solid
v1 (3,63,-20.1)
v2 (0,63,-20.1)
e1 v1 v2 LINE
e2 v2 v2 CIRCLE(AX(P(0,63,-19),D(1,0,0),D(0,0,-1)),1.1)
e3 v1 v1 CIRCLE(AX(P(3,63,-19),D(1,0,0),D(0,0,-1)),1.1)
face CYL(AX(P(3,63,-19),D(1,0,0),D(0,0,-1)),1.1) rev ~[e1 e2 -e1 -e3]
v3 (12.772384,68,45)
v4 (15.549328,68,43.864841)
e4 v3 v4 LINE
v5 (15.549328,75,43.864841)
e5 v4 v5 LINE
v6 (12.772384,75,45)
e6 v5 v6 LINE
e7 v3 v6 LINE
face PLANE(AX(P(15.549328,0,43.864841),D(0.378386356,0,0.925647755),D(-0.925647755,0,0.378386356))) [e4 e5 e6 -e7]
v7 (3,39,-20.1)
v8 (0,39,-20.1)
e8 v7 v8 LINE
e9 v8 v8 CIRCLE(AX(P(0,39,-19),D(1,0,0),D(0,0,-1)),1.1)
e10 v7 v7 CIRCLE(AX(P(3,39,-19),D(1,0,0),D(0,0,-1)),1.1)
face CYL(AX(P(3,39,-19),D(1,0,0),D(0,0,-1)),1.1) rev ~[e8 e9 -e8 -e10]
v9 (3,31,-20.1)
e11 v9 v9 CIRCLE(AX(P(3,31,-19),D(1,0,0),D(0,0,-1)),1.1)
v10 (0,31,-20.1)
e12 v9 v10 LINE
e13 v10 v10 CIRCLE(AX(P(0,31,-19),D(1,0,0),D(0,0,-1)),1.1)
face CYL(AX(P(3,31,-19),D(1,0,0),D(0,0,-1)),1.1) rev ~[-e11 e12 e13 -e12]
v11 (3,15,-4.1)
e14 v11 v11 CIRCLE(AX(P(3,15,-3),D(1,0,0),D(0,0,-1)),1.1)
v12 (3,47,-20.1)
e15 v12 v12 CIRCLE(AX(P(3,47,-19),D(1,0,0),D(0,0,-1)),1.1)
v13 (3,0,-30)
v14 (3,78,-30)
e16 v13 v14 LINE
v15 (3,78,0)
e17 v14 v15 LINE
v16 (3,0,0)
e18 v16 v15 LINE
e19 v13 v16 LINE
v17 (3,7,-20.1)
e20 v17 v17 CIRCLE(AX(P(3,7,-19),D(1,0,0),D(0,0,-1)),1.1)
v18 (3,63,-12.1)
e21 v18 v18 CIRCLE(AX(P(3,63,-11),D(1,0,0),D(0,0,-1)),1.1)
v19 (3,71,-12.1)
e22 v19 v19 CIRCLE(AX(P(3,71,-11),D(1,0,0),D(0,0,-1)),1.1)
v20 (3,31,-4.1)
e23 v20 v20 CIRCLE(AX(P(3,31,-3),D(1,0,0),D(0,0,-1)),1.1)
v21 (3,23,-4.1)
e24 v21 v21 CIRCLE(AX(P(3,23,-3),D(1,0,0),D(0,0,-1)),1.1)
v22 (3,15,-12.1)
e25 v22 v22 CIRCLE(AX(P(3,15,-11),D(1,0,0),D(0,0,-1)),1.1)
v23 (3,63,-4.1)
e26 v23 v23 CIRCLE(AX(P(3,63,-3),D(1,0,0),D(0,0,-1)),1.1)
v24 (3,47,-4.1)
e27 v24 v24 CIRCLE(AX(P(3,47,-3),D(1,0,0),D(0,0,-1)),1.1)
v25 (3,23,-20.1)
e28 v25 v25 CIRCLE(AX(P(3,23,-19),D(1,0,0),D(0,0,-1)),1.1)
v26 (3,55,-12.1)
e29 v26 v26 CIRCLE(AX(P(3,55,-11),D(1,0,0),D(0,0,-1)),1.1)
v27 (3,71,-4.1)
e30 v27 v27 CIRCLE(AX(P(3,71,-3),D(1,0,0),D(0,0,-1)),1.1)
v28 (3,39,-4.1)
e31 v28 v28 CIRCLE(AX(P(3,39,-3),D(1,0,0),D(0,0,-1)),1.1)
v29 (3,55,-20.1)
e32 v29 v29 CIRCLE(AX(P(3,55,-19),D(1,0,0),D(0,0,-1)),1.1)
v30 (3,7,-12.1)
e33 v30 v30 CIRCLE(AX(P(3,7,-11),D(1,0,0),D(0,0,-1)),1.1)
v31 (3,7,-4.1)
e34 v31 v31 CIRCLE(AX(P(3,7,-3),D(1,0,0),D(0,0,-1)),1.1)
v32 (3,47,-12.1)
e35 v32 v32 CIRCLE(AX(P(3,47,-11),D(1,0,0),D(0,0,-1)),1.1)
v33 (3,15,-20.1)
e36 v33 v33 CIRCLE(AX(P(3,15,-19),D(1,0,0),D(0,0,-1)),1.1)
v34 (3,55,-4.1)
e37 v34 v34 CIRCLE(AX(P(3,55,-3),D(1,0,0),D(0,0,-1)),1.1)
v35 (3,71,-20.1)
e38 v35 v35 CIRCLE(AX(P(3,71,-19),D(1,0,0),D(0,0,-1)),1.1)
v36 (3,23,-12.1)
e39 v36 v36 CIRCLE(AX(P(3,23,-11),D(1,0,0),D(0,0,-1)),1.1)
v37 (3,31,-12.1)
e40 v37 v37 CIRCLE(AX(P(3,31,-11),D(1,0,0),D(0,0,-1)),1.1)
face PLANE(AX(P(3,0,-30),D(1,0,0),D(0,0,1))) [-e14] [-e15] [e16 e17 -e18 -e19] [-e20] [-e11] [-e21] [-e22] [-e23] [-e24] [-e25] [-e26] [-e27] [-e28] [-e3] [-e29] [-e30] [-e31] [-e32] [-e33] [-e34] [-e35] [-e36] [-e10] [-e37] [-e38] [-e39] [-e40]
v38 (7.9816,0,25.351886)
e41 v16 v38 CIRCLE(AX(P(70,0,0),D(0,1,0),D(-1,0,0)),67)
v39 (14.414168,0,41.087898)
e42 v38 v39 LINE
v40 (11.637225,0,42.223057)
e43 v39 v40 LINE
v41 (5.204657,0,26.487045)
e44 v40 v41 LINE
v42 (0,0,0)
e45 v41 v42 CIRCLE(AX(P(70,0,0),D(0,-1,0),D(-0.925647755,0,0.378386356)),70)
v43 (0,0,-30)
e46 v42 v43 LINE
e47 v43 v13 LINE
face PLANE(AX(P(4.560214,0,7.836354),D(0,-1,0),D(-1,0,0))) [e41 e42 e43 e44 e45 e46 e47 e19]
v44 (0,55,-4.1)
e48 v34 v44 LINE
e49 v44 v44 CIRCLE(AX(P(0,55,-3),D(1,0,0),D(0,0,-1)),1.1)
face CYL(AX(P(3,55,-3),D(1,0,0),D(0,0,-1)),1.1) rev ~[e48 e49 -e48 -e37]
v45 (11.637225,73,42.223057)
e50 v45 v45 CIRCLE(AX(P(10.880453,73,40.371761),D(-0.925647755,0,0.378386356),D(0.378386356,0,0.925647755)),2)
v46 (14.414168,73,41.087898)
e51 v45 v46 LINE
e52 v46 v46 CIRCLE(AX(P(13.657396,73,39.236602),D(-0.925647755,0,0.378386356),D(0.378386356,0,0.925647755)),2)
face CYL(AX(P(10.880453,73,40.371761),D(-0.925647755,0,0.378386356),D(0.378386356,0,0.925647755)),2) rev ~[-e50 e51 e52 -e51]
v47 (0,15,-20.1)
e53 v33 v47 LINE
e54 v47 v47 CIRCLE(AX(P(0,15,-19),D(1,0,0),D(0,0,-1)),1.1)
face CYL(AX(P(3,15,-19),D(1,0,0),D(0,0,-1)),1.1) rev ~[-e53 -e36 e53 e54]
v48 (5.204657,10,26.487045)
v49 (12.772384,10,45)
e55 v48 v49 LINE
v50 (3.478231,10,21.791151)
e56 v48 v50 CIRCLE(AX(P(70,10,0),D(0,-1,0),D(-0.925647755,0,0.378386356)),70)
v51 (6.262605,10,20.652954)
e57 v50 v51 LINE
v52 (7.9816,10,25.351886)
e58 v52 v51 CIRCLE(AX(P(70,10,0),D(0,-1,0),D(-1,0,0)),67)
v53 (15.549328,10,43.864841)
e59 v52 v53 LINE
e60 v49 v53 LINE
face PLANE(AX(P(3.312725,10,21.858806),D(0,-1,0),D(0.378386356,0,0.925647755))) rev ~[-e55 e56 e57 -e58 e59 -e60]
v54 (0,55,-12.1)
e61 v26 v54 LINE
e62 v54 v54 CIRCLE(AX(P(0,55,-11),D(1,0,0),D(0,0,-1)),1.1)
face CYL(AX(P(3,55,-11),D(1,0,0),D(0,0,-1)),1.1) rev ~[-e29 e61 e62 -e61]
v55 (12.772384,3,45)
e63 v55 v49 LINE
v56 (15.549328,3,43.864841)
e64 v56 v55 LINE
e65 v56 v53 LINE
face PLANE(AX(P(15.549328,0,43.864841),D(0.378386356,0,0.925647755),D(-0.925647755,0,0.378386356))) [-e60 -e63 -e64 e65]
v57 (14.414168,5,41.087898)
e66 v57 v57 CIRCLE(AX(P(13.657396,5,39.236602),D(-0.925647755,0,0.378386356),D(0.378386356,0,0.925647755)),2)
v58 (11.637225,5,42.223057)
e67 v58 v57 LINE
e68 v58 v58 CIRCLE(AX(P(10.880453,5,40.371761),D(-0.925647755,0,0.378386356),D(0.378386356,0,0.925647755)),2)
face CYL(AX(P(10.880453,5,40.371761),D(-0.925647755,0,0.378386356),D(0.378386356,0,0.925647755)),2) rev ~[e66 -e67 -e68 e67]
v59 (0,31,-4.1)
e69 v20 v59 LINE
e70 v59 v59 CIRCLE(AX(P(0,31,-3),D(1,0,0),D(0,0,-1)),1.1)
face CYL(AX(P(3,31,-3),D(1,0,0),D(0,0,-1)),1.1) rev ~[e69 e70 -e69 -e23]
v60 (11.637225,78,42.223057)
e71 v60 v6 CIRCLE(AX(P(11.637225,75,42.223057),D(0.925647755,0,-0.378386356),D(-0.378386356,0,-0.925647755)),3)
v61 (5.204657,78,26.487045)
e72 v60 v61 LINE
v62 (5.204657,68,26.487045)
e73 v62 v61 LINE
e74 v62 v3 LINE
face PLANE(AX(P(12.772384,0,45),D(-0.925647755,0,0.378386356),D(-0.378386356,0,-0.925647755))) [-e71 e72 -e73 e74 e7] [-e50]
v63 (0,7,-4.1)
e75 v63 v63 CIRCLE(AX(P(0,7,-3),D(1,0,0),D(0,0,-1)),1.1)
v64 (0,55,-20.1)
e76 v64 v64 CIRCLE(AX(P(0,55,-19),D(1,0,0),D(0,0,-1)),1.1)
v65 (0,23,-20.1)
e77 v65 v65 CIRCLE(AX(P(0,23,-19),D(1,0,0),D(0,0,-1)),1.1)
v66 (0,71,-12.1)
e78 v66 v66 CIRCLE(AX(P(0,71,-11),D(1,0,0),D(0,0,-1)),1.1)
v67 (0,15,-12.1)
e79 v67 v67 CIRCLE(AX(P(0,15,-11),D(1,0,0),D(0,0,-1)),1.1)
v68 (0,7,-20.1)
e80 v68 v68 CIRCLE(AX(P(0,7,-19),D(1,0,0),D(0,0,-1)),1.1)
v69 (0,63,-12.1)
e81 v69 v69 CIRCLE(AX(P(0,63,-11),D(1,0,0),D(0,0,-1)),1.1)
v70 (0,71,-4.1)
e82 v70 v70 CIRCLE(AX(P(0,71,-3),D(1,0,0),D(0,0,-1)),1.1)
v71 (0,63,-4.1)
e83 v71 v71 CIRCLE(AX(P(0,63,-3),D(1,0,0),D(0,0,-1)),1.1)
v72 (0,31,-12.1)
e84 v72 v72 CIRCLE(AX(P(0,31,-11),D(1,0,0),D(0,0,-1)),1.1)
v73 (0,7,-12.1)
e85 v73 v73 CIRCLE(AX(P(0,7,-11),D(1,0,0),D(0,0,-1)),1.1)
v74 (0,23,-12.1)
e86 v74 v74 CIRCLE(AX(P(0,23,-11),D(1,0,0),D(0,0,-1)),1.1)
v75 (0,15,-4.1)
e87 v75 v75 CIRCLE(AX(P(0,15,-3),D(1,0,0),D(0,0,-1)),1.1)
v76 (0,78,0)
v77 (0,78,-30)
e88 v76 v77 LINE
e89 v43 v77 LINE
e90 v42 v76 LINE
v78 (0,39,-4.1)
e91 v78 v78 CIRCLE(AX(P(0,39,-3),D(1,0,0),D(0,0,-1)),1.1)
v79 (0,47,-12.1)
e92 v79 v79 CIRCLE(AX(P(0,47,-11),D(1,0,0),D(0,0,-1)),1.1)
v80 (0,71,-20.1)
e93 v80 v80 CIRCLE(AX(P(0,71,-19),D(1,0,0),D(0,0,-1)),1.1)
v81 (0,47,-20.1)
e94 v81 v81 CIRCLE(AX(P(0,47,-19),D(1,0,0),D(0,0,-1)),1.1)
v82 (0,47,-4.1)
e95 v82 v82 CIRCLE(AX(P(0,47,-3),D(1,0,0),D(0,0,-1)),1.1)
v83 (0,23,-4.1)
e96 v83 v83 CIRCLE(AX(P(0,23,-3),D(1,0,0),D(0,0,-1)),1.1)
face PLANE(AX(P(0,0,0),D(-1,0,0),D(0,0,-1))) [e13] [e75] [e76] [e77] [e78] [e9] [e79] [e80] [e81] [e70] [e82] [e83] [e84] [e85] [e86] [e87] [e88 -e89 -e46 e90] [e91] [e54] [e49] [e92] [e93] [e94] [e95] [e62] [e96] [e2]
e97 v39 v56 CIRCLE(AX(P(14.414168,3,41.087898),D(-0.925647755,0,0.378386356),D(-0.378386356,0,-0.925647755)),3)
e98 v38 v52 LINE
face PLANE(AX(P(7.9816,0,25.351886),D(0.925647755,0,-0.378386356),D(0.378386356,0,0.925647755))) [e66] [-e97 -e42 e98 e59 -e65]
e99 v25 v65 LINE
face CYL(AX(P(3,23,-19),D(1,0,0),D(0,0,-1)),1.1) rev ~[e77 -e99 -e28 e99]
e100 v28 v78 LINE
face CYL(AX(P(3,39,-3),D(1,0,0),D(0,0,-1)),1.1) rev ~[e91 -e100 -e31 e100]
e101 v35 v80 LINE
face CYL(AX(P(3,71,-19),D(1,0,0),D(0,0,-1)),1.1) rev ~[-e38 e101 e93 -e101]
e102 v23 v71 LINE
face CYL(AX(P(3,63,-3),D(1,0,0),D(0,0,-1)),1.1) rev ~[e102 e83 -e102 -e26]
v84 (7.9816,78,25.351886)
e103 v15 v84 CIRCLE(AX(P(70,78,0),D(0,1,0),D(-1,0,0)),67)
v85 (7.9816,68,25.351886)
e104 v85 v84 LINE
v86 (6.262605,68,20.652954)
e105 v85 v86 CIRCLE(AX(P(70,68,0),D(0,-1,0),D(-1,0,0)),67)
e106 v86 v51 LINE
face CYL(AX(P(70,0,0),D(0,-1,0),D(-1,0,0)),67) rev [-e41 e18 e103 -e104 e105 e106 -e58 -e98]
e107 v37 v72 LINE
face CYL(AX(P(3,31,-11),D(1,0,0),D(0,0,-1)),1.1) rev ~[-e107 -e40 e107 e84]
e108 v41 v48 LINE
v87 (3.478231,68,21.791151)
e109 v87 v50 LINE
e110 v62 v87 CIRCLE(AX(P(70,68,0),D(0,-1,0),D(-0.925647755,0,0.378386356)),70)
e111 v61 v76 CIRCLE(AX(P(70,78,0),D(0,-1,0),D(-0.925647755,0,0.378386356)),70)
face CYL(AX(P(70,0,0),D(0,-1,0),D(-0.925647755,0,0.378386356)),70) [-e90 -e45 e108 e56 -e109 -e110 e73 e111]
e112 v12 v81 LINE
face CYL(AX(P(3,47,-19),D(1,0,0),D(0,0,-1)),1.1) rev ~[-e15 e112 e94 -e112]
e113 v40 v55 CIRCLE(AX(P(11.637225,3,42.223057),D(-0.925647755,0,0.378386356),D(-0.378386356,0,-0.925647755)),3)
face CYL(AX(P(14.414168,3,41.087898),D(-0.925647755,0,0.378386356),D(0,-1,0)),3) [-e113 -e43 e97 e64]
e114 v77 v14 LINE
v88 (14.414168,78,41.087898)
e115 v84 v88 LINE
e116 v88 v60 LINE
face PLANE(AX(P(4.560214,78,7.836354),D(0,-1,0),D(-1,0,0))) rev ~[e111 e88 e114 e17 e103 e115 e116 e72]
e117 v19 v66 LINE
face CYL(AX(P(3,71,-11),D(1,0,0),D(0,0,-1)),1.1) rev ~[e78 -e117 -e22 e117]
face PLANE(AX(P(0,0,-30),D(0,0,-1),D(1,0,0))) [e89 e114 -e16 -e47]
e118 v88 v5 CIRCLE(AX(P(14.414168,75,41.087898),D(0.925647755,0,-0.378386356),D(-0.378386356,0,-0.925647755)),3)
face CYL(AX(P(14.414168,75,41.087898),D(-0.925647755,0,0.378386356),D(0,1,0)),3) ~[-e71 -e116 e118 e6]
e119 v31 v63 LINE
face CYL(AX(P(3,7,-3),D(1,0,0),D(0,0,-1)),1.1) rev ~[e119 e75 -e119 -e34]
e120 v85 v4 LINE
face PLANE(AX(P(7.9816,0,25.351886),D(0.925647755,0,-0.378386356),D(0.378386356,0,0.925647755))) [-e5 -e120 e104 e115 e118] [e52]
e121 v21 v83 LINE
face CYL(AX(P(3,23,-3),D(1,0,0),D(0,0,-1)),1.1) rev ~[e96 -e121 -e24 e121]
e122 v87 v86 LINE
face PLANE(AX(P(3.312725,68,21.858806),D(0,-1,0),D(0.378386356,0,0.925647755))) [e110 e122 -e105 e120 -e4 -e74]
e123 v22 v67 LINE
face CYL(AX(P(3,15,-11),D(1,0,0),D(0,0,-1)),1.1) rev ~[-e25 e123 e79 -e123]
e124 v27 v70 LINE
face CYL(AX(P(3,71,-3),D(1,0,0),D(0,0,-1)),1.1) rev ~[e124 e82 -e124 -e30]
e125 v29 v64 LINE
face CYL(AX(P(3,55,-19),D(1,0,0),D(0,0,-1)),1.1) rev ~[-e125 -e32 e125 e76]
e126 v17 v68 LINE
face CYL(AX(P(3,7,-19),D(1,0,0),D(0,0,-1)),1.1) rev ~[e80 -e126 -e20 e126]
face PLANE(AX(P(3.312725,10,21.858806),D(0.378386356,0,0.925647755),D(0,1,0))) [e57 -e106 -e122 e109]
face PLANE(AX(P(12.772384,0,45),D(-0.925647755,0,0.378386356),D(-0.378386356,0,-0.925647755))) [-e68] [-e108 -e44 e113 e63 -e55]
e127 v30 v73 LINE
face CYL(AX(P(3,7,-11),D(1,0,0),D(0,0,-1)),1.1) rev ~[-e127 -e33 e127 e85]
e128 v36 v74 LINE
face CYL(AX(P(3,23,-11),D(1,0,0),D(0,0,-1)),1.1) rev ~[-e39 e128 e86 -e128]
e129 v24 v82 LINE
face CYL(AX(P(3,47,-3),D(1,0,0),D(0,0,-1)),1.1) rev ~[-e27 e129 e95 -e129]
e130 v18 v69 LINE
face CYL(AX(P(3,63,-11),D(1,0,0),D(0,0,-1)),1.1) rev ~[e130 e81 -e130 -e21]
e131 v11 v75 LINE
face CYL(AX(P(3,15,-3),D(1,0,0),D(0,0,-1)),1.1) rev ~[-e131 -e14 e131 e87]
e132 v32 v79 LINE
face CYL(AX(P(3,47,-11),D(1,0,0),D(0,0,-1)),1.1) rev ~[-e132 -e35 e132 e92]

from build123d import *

# Parameters (mm, degrees)
EXTRUSION1_DEPTH = 78
EXTRUSION3_REACH = 32.949
ESQUISSE2_R      = 2
ESQUISSE2_W      = 25
ESQUISSE2_H      = 58
CONG_1_R         = 3
ESQUISSE3_R      = 1.1
EXTRUSION4_DEPTH = 3


with BuildPart() as part:
    # Esquisse1 → Extrusion1 (new body)
    with BuildSketch(Plane(origin=(0, 0, 0), x_dir=(1, 0, 0), z_dir=(0, 1, 0))):
        with BuildLine():
            Line((0, 0), (0, 30))
            Line((0, 30), (3, 30))
            Line((3, 30), (3, 0))
            ThreePointArc((3, 0), (4.257195182, -12.918344113), (7.981600437, -25.351885839))
            Line((7.981600437, -25.351885839), (15.549327553, -43.864840933))
            Line((15.549327553, -43.864840933), (12.772384289, -45))
            Line((12.772384289, -45), (5.204657173, -26.487044906))
            ThreePointArc((5.204657173, -26.487044906), (1.313487503, -13.496777432), (0, 0))
        make_face()
    extrude(amount=EXTRUSION1_DEPTH)

    # Esquisse2 → Extrusion3 (cut, up to next)
    with BuildSketch(Plane(origin=(-4.817679226, 0, 1.969371261), x_dir=(0.378386356, 0, 0.925647755), z_dir=(-0.925647755, 0, 0.378386356)), mode=Mode.PRIVATE) as extrusion3_sk1:
        with Locations((41.487044906, 5)):
            Circle(ESQUISSE2_R)
    extrusion3_tool1 = extrude(extrusion3_sk1.sketch, amount=-EXTRUSION3_REACH, mode=Mode.PRIVATE) & part.part
    add(extrusion3_tool1.solids().sort_by_distance((10.880453, 5, 40.371761))[0], mode=Mode.SUBTRACT)
    # Esquisse2 → Extrusion3 (cut, up to next)
    with BuildSketch(Plane(origin=(-4.817679226, 0, 1.969371261), x_dir=(0.378386356, 0, 0.925647755), z_dir=(-0.925647755, 0, 0.378386356)), mode=Mode.PRIVATE) as extrusion3_sk2:
        with Locations((41.487044906, 73)):
            Circle(ESQUISSE2_R)
    extrusion3_tool2 = extrude(extrusion3_sk2.sketch, amount=-EXTRUSION3_REACH, mode=Mode.PRIVATE) & part.part
    add(extrusion3_tool2.solids().sort_by_distance((10.880453, 73, 40.371761))[0], mode=Mode.SUBTRACT)
    # Esquisse2 → Extrusion3 (cut, up to next)
    with BuildSketch(Plane(origin=(-4.817679226, 0, 1.969371261), x_dir=(0.378386356, 0, 0.925647755), z_dir=(-0.925647755, 0, 0.378386356)), mode=Mode.PRIVATE) as extrusion3_sk3:
        with Locations((33.987044906, 39)):
            Rectangle(ESQUISSE2_W, ESQUISSE2_H)
    extrusion3_tool3 = extrude(extrusion3_sk3.sketch, amount=-EXTRUSION3_REACH, mode=Mode.PRIVATE) & part.part
    add(extrusion3_tool3.solids().sort_by_distance((8.042555, 39, 33.429403))[0], mode=Mode.SUBTRACT)

    # Congé1
    cong_1_edges = [part.edges().sort_by_distance(p)[0] for p in [
        (14.160855921, 78, 44.432420466),
        (14.160855921, 0, 44.432420466),
    ]]
    fillet(cong_1_edges, radius=CONG_1_R)

    # Esquisse3 → Extrusion4 (cut)
    with BuildSketch(Plane(origin=(3, 0, 0), x_dir=(0, 0, -1), z_dir=(1, 0, 0))):
        with Locations((3, 31)):
            Circle(ESQUISSE3_R)
        with Locations((11, 31)):
            Circle(ESQUISSE3_R)
        with Locations((19, 31)):
            Circle(ESQUISSE3_R)
        with Locations((3, 39)):
            Circle(ESQUISSE3_R)
        with Locations((19, 39)):
            Circle(ESQUISSE3_R)
        with Locations((19, 47)):
            Circle(ESQUISSE3_R)
        with Locations((11, 47)):
            Circle(ESQUISSE3_R)
        with Locations((3, 47)):
            Circle(ESQUISSE3_R)
        with Locations((3, 23)):
            Circle(ESQUISSE3_R)
        with Locations((11, 23)):
            Circle(ESQUISSE3_R)
        with Locations((19, 23)):
            Circle(ESQUISSE3_R)
        with Locations((3, 15)):
            Circle(ESQUISSE3_R)
        with Locations((11, 15)):
            Circle(ESQUISSE3_R)
        with Locations((19, 15)):
            Circle(ESQUISSE3_R)
        with Locations((3, 7)):
            Circle(ESQUISSE3_R)
        with Locations((11, 7)):
            Circle(ESQUISSE3_R)
        with Locations((19, 7)):
            Circle(ESQUISSE3_R)
        with Locations((3, 71)):
            Circle(ESQUISSE3_R)
        with Locations((3, 55)):
            Circle(ESQUISSE3_R)
        with Locations((3, 63)):
            Circle(ESQUISSE3_R)
        with Locations((11, 71)):
            Circle(ESQUISSE3_R)
        with Locations((11, 63)):
            Circle(ESQUISSE3_R)
        with Locations((11, 55)):
            Circle(ESQUISSE3_R)
        with Locations((19, 55)):
            Circle(ESQUISSE3_R)
        with Locations((19, 63)):
            Circle(ESQUISSE3_R)
        with Locations((19, 71)):
            Circle(ESQUISSE3_R)
    extrude(amount=-EXTRUSION4_DEPTH, mode=Mode.SUBTRACT)


solid = part.part
